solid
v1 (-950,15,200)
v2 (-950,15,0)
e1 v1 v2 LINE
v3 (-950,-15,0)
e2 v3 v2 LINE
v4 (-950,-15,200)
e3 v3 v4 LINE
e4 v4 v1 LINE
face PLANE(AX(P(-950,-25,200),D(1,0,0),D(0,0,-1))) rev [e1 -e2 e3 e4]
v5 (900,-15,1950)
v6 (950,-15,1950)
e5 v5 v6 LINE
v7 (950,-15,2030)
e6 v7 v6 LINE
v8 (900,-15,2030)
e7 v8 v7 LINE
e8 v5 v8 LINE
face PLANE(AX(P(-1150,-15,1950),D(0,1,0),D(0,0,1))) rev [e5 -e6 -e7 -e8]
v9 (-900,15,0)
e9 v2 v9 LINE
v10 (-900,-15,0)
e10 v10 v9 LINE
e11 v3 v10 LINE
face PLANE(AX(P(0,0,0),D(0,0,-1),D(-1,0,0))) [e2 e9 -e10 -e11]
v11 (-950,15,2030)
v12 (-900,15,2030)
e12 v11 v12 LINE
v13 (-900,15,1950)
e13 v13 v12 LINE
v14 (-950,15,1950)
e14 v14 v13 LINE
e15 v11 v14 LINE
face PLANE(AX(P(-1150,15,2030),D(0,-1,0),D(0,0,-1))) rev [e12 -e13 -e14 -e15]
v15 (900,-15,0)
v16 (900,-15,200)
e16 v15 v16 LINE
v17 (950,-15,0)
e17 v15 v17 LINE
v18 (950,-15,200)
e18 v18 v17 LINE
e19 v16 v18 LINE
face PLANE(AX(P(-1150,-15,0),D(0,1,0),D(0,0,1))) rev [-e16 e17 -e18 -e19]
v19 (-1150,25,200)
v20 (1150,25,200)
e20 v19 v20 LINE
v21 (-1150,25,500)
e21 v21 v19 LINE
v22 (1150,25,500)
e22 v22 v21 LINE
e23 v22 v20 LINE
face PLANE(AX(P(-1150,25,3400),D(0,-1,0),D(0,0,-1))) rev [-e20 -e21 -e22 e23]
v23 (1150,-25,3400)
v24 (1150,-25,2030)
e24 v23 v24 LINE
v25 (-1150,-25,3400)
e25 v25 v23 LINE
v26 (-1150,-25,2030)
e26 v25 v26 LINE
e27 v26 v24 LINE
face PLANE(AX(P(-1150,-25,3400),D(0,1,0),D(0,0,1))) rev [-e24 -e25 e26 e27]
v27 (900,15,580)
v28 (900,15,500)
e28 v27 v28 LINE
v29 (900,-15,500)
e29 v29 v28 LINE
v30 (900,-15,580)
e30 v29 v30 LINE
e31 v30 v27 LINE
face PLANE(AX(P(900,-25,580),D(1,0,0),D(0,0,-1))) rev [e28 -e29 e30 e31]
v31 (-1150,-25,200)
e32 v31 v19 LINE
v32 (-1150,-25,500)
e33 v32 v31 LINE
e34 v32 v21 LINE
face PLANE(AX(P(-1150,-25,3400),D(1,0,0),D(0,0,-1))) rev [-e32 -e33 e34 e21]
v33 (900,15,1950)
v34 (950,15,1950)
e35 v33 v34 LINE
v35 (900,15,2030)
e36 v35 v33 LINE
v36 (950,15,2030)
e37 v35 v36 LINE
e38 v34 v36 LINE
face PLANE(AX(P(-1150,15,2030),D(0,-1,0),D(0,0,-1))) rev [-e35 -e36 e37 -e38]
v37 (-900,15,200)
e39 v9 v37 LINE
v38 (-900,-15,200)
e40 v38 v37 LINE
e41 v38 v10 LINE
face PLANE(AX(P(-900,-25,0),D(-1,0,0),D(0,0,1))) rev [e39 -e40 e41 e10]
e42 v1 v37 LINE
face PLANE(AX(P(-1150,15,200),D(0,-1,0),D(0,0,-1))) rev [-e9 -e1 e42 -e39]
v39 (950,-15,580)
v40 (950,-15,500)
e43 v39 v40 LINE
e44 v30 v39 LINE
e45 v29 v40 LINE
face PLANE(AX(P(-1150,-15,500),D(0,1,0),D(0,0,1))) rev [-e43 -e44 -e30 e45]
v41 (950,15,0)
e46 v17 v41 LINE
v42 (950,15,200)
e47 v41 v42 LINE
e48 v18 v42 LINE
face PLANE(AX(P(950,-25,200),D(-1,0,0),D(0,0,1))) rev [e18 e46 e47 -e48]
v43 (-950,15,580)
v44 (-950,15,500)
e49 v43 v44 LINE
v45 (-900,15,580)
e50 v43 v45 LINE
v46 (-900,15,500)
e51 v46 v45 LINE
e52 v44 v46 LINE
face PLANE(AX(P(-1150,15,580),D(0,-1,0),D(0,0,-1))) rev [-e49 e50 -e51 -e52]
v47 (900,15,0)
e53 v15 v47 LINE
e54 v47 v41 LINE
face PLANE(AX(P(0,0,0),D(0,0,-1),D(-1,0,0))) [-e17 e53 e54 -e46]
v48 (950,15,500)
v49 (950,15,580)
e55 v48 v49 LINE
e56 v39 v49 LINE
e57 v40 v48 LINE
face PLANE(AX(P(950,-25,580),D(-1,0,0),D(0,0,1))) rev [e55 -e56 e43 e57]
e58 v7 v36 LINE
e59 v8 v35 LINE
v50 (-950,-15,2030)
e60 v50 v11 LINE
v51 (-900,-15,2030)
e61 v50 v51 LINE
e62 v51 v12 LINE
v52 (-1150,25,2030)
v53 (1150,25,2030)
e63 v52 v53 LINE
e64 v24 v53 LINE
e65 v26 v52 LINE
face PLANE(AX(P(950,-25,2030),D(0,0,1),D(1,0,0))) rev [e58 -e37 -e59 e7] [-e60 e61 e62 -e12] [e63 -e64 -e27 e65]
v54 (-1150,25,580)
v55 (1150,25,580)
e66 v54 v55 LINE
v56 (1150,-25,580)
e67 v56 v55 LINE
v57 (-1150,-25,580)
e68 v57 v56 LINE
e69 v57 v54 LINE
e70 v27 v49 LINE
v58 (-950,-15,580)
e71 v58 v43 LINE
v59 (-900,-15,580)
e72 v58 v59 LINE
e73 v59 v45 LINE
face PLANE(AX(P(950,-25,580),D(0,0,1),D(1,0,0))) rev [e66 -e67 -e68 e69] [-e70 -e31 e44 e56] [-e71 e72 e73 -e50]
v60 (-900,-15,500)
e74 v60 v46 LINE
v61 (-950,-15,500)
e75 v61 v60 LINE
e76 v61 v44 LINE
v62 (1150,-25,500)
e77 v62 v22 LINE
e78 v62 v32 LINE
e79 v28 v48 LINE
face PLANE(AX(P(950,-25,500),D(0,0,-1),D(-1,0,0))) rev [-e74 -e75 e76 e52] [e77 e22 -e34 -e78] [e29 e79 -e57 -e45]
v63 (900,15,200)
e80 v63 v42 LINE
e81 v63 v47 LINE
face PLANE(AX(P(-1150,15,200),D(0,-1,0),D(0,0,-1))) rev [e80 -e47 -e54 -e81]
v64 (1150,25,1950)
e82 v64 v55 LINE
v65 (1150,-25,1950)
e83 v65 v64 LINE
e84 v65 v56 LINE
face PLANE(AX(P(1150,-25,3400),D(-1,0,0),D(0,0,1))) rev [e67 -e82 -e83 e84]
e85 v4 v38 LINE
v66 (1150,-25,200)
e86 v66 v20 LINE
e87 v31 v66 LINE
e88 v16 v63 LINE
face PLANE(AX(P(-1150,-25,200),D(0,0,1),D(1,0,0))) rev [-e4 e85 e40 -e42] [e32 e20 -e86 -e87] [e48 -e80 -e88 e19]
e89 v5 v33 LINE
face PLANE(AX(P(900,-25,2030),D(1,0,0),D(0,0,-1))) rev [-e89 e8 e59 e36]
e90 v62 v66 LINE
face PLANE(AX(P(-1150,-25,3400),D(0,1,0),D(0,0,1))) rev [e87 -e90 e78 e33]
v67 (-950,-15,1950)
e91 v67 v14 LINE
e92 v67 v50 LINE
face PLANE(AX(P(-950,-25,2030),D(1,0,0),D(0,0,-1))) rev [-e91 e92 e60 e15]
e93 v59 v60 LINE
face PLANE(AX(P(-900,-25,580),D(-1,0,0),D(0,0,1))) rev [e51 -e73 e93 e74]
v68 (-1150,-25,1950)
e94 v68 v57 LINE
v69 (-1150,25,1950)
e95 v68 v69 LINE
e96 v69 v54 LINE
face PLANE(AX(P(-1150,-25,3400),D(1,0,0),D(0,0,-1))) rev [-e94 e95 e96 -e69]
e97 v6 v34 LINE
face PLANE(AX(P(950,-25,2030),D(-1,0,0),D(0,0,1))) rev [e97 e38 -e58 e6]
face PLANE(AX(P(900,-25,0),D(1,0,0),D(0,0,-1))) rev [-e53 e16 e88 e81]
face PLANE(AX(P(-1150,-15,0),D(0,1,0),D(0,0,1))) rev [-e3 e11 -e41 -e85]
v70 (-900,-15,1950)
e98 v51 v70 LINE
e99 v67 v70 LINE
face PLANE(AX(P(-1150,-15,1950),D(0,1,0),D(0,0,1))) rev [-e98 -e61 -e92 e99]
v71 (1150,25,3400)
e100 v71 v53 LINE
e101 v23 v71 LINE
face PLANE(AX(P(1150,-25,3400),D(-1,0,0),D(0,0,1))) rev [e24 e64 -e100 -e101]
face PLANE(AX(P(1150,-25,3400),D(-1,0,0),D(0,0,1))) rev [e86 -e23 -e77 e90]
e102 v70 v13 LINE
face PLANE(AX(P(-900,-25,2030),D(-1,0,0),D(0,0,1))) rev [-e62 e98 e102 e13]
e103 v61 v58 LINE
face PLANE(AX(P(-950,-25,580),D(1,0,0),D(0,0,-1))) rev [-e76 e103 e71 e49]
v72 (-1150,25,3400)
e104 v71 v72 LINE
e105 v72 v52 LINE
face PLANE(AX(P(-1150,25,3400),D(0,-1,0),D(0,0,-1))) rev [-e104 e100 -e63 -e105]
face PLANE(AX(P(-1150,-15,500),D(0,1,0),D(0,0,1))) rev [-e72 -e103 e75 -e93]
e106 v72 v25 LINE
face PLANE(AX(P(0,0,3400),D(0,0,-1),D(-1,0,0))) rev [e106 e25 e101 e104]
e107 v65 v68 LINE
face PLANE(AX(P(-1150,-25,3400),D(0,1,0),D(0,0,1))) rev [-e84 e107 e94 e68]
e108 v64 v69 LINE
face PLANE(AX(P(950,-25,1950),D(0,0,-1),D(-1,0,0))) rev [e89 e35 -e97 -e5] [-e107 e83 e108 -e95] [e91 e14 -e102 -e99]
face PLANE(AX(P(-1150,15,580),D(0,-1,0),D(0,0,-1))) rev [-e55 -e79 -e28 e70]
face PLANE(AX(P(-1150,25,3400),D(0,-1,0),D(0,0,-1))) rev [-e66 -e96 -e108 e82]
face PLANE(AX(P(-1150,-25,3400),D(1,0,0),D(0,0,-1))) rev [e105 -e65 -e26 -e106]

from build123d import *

# Parameters (mm, degrees)
SCHIZZO1_W                   = 2300
SCHIZZO1_H                   = 50
ESTRUSIONE_ESTRUSIONE1_DEPTH = 3400
SCHIZZO2_W                   = 200
SCHIZZO2_H                   = 80
SCHIZZO2_H_2                 = 200
SCHIZZO2_W_2                 = 1800
TAGLIO_ESTRUSIONE1_DEPTH     = 3590.56821916
SCHIZZO3_W                   = 80
SCHIZZO3_H                   = 10
SCHIZZO3_W_2                 = 200
TAGLIO_ESTRUSIONE2_DEPTH     = 4105.951278639


with BuildPart() as part:
    # Schizzo1 → Estrusione-Estrusione1 (new body)
    with BuildSketch(Plane.XY):
        Rectangle(SCHIZZO1_W, SCHIZZO1_H)
    extrude(amount=ESTRUSIONE_ESTRUSIONE1_DEPTH)

    # Schizzo2 → Taglio-Estrusione1 (cut, through all)
    with BuildSketch(Plane(origin=(0, 25, 0), x_dir=(1, 0, 0), z_dir=(0, 1, 0))):
        with Locations((-1050, -1990)):
            Rectangle(SCHIZZO2_W, SCHIZZO2_H)
        with Locations((1050, -1990)):
            Rectangle(SCHIZZO2_W, SCHIZZO2_H)
        with Locations((-1050, -540)):
            Rectangle(SCHIZZO2_W, SCHIZZO2_H)
        with Locations((1050, -540)):
            Rectangle(SCHIZZO2_W, SCHIZZO2_H)
        with Locations((-1050, -100)):
            Rectangle(SCHIZZO2_W, SCHIZZO2_H_2)
        with Locations((1050, -100)):
            Rectangle(SCHIZZO2_W, SCHIZZO2_H_2)
        with Locations((0, -100)):
            Rectangle(SCHIZZO2_W_2, SCHIZZO2_H_2)
        with Locations((0, -1990)):
            Rectangle(SCHIZZO2_W_2, SCHIZZO2_H)
        with Locations((0, -540)):
            Rectangle(SCHIZZO2_W_2, SCHIZZO2_H)
    extrude(amount=-TAGLIO_ESTRUSIONE1_DEPTH, mode=Mode.SUBTRACT)

    # Schizzo3 → Taglio-Estrusione2 (cut, through all)
    with BuildSketch(Plane(origin=(1150, 0, 0), x_dir=(0, 0, -1), z_dir=(1, 0, 0))):
        with Locations((-1990, 20)):
            Rectangle(SCHIZZO3_W, SCHIZZO3_H)
        with Locations((-1990, -20)):
            Rectangle(SCHIZZO3_W, SCHIZZO3_H)
        with Locations((-540, 20)):
            Rectangle(SCHIZZO3_W, SCHIZZO3_H)
        with Locations((-540, -20)):
            Rectangle(SCHIZZO3_W, SCHIZZO3_H)
        with Locations((-100, 20)):
            Rectangle(SCHIZZO3_W_2, SCHIZZO3_H)
        with Locations((-100, -20)):
            Rectangle(SCHIZZO3_W_2, SCHIZZO3_H)
    extrude(amount=-TAGLIO_ESTRUSIONE2_DEPTH, mode=Mode.SUBTRACT)


solid = part.part
